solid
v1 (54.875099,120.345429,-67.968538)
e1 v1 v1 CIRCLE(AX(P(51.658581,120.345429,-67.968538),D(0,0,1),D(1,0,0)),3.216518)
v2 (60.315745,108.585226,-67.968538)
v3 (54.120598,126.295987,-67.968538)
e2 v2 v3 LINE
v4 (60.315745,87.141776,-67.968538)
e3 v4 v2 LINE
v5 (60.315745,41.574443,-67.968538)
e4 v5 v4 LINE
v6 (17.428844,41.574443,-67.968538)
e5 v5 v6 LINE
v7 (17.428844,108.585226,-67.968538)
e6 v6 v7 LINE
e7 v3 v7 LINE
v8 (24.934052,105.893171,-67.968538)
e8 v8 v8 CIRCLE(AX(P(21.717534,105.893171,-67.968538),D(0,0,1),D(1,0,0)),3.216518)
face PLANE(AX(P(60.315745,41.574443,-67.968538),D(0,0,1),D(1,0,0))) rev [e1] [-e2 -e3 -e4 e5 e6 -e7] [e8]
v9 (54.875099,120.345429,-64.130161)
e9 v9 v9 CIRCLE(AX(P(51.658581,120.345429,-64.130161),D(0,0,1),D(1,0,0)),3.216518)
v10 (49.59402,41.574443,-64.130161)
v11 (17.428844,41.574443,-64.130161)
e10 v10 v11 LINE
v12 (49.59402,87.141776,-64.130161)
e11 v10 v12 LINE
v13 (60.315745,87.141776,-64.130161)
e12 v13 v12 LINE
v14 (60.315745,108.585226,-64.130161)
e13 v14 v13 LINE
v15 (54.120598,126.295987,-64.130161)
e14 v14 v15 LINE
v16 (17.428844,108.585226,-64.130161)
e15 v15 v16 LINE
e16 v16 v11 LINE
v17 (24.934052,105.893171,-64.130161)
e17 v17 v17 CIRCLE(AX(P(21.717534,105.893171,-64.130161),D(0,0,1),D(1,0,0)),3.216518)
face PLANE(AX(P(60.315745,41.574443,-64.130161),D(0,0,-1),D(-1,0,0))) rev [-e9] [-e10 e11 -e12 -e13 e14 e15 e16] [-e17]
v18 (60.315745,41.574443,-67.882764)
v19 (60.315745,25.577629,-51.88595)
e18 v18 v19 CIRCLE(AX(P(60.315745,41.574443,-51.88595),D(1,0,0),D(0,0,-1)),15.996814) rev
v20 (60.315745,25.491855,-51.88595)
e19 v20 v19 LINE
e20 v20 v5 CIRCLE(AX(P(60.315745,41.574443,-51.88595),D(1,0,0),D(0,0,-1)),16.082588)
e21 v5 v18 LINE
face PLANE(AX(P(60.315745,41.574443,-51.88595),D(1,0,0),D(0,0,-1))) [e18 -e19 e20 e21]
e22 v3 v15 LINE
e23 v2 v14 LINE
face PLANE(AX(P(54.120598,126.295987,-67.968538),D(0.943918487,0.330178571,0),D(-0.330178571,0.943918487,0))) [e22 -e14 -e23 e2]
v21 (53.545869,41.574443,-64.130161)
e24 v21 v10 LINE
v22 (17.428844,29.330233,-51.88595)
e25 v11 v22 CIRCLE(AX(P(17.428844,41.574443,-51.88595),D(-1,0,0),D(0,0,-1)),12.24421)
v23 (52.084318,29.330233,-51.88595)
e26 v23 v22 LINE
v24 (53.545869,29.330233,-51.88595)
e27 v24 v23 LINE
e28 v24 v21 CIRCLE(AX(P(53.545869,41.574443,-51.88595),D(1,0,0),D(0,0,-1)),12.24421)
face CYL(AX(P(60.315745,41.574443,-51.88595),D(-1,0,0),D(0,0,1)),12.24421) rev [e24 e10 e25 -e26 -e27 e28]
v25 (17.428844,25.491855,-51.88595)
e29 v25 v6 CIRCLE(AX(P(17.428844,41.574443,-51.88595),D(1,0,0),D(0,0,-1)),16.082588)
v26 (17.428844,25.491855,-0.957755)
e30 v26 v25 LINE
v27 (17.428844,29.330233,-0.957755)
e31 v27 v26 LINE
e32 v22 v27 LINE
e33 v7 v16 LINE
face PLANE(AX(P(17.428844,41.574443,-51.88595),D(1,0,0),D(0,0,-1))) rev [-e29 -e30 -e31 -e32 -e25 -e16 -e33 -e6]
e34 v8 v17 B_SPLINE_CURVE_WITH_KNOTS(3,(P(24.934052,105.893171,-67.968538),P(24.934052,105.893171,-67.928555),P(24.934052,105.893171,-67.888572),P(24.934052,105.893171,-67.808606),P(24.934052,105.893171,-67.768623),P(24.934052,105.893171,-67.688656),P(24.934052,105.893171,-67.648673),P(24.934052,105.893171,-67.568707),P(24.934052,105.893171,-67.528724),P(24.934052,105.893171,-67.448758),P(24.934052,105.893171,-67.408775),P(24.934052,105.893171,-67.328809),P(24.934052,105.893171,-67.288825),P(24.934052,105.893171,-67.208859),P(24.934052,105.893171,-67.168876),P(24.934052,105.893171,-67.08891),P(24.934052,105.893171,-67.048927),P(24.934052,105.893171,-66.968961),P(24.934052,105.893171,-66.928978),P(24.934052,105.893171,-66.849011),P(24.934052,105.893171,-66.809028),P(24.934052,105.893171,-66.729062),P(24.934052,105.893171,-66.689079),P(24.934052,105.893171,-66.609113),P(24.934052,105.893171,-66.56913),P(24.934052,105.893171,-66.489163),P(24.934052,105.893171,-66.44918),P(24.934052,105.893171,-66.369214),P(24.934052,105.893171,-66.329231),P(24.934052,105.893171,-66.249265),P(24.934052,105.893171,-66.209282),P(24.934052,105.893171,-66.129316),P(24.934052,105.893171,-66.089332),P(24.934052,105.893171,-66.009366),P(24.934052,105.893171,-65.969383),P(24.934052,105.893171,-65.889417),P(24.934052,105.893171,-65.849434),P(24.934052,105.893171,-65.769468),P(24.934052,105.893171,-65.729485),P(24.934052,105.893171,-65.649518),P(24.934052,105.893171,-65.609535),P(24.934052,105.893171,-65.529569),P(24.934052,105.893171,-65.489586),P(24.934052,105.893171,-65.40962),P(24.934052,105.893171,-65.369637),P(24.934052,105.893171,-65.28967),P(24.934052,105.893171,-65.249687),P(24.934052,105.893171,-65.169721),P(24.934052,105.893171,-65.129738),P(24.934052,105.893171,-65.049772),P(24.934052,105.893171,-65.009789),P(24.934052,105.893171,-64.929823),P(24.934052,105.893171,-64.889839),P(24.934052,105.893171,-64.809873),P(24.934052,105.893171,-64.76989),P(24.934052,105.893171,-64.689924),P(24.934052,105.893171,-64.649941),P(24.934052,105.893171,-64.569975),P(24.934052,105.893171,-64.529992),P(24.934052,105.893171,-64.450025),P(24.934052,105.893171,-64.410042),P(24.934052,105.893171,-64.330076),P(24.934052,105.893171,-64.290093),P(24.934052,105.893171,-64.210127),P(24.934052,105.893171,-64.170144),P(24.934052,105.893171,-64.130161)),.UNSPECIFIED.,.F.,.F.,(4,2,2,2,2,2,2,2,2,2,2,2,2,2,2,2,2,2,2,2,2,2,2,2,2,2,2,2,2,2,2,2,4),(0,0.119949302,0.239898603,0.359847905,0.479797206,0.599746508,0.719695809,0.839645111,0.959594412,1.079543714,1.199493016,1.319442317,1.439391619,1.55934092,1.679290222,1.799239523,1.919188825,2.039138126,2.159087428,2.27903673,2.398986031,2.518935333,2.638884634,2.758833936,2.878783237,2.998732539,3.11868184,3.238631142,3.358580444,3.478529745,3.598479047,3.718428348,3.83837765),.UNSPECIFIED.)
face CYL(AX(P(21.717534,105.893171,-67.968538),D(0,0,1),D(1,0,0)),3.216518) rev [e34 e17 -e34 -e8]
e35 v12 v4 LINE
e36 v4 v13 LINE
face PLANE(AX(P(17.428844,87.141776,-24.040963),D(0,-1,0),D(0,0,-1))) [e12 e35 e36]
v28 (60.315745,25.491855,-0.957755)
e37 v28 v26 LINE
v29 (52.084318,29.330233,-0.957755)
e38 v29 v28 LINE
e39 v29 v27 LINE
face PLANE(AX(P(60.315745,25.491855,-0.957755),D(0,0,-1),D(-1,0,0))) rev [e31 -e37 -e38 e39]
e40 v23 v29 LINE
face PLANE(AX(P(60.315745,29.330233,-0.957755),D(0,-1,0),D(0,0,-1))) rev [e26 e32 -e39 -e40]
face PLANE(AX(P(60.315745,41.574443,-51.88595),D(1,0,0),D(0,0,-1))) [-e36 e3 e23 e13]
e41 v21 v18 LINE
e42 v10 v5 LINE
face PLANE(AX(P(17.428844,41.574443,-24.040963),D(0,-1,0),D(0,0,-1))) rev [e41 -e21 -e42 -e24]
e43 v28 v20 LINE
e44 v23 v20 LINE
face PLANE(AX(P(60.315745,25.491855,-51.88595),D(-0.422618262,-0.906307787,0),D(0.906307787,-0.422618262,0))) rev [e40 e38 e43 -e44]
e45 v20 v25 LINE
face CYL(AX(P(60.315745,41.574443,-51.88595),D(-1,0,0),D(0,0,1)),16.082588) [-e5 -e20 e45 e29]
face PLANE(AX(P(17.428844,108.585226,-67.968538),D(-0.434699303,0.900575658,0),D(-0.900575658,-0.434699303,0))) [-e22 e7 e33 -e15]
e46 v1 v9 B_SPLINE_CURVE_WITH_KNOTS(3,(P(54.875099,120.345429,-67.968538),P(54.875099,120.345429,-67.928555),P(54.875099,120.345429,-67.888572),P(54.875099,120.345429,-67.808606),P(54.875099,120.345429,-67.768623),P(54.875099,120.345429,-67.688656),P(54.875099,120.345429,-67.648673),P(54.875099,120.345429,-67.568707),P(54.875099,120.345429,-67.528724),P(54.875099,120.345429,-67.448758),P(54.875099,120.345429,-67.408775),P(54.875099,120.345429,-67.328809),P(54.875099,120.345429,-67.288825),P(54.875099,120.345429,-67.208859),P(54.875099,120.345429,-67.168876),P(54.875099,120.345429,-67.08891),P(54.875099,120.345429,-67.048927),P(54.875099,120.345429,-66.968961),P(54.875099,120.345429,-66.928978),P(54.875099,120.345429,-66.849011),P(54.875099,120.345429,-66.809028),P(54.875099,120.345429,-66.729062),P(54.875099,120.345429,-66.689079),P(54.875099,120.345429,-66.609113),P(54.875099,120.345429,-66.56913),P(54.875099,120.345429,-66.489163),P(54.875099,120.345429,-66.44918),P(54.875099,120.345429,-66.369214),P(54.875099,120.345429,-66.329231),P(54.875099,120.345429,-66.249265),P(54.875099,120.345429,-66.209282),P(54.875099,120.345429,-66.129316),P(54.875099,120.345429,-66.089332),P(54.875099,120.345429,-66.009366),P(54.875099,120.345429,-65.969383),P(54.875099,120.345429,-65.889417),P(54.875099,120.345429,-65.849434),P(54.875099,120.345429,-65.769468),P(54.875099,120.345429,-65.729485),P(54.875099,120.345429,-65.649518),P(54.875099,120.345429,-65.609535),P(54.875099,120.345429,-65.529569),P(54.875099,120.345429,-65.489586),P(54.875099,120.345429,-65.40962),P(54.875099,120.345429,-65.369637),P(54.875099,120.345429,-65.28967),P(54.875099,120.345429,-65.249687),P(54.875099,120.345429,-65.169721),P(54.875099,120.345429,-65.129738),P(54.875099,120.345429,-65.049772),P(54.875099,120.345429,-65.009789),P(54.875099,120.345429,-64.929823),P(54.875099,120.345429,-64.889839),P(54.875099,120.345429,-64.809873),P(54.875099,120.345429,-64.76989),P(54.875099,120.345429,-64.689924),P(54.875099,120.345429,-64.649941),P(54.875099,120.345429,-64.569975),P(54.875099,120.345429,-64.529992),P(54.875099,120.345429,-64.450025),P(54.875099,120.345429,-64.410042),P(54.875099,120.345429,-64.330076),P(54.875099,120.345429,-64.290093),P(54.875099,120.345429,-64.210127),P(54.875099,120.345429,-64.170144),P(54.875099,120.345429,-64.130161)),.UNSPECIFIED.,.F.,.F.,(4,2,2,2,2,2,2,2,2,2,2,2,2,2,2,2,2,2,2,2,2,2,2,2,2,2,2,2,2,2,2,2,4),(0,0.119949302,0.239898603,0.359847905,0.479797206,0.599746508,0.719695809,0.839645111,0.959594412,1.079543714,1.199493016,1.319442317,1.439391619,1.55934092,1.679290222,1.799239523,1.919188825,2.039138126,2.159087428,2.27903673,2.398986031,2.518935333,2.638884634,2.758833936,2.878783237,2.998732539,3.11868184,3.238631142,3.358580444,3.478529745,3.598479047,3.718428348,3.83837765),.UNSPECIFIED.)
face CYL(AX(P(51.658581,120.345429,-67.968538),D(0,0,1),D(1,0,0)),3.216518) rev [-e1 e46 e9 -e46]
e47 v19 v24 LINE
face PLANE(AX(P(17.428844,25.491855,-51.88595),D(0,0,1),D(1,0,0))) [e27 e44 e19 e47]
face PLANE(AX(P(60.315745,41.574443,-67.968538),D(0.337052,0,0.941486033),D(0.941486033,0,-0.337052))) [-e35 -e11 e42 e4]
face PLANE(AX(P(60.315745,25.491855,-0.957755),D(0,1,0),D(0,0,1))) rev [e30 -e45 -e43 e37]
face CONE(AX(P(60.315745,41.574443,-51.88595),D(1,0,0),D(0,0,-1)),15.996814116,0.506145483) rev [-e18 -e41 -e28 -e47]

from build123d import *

# Parameters (mm, degrees)
BOSS_EXTRUDE1_DEPTH = 80
BOSS_EXTRUDE2_DEPTH = 7.16
SKETCH3_R           = 6
CUT_EXTRUDE1_DEPTH  = 7.16
CUT_EXTRUDE6_DEPTH  = 95
CUT_EXTRUDE7_DEPTH  = 85
CHAMFER3_SIZE       = 7
CHAMFER3_SIZE2      = 12.628334287
SCALE1_SCALE        = 0.714781685
SCALE2_SCALE        = 0.5
SCALE3_SCALE        = 1.5


with BuildPart() as part:
    # Sketch1 → Boss-Extrude1 (new body)
    with BuildSketch(Plane(origin=(0, 0, 0), x_dir=(0, 0, -1), z_dir=(1, 0, 0))):
        with BuildLine():
            Line((-43.05875576, 0), (51.94124424, 0))
            ThreePointArc((51.94124424, 0), (73.154447675, 8.786796564), (81.94124424, 30))
            Line((81.94124424, 30), (81.94124424, 155))
            Line((81.94124424, 155), (74.78124424, 155))
            Line((74.78124424, 155), (74.78124424, 30))
            ThreePointArc((74.78124424, 30), (68.091563122, 13.849681118), (51.94124424, 7.16))
            Line((51.94124424, 7.16), (-43.05875576, 7.16))
            Line((-43.05875576, 7.16), (-43.05875576, 0))
        make_face()
    extrude(amount=BOSS_EXTRUDE1_DEPTH)

    # Sketch2 → Boss-Extrude2 (add)
    with BuildSketch(Plane.XY.offset(-74.78124424)):
        Polygon((0, 155), (68.44375, 188.037147061), (80, 155), align=None)
    extrude(amount=-BOSS_EXTRUDE2_DEPTH)

    # Sketch3 → Cut-Extrude1 (cut)
    with BuildSketch(Plane.XY.offset(-74.78124424)):
        with Locations((63.851173507, 176.937147061)):
            Circle(SKETCH3_R)
        with Locations((8, 149.978316888)):
            Circle(SKETCH3_R)
    extrude(amount=-CUT_EXTRUDE1_DEPTH, mode=Mode.SUBTRACT)

    # Sketch6 → Cut-Extrude6 (cut)
    with BuildSketch(Plane.XY.offset(43.05875576)):
        Polygon((80, 0), (64.645330449, 7.16), (80, 7.16), align=None)
    extrude(amount=-CUT_EXTRUDE6_DEPTH, mode=Mode.SUBTRACT)

    # Sketch10 → Cut-Extrude7 (cut)
    with BuildSketch(Plane(origin=(0, 115, 0), x_dir=(-1, 0, 0), z_dir=(0, -1, 0))):
        Polygon((-80, 81.94124424), (-60, 74.78124424), (-80, 74.78124424), align=None)
    extrude(amount=CUT_EXTRUDE7_DEPTH, mode=Mode.SUBTRACT)

    # Chamfer3
    chamfer3_edges = [part.edges().sort_by_distance(p)[0] for p in [
        (80, 13.849681118, -68.091563122),
    ]]
    chamfer3_side = [part.faces().sort_by_distance(p)[0] for p in [
        (80, 13.077563731, -68.863680509),
    ]]
    chamfer(chamfer3_edges, length=CHAMFER3_SIZE, length2=CHAMFER3_SIZE2, reference=chamfer3_side[0])


with BuildPart() as part_1:
    # Scale1: scaled about (37.569148968, 54.949559207, -51.822054035)
    add(part.part.scale(SCALE1_SCALE).moved(Location((10.715409355, 15.672620673, -14.780598919))))


with BuildPart() as part_2:
    # Scale2: scaled about (37.569148968, 54.949559207, -51.822054035)
    add(part_1.part.scale(SCALE2_SCALE).moved(Location((18.784574484, 27.474779604, -25.911027018))))


with BuildPart() as part_3:
    # Scale3: scaled about (37.569148968, 54.949559207, -51.822054035)
    add(part_2.part.scale(SCALE3_SCALE).moved(Location((-18.784574484, -27.474779604, 25.911027018))))


solid = part_3.part
